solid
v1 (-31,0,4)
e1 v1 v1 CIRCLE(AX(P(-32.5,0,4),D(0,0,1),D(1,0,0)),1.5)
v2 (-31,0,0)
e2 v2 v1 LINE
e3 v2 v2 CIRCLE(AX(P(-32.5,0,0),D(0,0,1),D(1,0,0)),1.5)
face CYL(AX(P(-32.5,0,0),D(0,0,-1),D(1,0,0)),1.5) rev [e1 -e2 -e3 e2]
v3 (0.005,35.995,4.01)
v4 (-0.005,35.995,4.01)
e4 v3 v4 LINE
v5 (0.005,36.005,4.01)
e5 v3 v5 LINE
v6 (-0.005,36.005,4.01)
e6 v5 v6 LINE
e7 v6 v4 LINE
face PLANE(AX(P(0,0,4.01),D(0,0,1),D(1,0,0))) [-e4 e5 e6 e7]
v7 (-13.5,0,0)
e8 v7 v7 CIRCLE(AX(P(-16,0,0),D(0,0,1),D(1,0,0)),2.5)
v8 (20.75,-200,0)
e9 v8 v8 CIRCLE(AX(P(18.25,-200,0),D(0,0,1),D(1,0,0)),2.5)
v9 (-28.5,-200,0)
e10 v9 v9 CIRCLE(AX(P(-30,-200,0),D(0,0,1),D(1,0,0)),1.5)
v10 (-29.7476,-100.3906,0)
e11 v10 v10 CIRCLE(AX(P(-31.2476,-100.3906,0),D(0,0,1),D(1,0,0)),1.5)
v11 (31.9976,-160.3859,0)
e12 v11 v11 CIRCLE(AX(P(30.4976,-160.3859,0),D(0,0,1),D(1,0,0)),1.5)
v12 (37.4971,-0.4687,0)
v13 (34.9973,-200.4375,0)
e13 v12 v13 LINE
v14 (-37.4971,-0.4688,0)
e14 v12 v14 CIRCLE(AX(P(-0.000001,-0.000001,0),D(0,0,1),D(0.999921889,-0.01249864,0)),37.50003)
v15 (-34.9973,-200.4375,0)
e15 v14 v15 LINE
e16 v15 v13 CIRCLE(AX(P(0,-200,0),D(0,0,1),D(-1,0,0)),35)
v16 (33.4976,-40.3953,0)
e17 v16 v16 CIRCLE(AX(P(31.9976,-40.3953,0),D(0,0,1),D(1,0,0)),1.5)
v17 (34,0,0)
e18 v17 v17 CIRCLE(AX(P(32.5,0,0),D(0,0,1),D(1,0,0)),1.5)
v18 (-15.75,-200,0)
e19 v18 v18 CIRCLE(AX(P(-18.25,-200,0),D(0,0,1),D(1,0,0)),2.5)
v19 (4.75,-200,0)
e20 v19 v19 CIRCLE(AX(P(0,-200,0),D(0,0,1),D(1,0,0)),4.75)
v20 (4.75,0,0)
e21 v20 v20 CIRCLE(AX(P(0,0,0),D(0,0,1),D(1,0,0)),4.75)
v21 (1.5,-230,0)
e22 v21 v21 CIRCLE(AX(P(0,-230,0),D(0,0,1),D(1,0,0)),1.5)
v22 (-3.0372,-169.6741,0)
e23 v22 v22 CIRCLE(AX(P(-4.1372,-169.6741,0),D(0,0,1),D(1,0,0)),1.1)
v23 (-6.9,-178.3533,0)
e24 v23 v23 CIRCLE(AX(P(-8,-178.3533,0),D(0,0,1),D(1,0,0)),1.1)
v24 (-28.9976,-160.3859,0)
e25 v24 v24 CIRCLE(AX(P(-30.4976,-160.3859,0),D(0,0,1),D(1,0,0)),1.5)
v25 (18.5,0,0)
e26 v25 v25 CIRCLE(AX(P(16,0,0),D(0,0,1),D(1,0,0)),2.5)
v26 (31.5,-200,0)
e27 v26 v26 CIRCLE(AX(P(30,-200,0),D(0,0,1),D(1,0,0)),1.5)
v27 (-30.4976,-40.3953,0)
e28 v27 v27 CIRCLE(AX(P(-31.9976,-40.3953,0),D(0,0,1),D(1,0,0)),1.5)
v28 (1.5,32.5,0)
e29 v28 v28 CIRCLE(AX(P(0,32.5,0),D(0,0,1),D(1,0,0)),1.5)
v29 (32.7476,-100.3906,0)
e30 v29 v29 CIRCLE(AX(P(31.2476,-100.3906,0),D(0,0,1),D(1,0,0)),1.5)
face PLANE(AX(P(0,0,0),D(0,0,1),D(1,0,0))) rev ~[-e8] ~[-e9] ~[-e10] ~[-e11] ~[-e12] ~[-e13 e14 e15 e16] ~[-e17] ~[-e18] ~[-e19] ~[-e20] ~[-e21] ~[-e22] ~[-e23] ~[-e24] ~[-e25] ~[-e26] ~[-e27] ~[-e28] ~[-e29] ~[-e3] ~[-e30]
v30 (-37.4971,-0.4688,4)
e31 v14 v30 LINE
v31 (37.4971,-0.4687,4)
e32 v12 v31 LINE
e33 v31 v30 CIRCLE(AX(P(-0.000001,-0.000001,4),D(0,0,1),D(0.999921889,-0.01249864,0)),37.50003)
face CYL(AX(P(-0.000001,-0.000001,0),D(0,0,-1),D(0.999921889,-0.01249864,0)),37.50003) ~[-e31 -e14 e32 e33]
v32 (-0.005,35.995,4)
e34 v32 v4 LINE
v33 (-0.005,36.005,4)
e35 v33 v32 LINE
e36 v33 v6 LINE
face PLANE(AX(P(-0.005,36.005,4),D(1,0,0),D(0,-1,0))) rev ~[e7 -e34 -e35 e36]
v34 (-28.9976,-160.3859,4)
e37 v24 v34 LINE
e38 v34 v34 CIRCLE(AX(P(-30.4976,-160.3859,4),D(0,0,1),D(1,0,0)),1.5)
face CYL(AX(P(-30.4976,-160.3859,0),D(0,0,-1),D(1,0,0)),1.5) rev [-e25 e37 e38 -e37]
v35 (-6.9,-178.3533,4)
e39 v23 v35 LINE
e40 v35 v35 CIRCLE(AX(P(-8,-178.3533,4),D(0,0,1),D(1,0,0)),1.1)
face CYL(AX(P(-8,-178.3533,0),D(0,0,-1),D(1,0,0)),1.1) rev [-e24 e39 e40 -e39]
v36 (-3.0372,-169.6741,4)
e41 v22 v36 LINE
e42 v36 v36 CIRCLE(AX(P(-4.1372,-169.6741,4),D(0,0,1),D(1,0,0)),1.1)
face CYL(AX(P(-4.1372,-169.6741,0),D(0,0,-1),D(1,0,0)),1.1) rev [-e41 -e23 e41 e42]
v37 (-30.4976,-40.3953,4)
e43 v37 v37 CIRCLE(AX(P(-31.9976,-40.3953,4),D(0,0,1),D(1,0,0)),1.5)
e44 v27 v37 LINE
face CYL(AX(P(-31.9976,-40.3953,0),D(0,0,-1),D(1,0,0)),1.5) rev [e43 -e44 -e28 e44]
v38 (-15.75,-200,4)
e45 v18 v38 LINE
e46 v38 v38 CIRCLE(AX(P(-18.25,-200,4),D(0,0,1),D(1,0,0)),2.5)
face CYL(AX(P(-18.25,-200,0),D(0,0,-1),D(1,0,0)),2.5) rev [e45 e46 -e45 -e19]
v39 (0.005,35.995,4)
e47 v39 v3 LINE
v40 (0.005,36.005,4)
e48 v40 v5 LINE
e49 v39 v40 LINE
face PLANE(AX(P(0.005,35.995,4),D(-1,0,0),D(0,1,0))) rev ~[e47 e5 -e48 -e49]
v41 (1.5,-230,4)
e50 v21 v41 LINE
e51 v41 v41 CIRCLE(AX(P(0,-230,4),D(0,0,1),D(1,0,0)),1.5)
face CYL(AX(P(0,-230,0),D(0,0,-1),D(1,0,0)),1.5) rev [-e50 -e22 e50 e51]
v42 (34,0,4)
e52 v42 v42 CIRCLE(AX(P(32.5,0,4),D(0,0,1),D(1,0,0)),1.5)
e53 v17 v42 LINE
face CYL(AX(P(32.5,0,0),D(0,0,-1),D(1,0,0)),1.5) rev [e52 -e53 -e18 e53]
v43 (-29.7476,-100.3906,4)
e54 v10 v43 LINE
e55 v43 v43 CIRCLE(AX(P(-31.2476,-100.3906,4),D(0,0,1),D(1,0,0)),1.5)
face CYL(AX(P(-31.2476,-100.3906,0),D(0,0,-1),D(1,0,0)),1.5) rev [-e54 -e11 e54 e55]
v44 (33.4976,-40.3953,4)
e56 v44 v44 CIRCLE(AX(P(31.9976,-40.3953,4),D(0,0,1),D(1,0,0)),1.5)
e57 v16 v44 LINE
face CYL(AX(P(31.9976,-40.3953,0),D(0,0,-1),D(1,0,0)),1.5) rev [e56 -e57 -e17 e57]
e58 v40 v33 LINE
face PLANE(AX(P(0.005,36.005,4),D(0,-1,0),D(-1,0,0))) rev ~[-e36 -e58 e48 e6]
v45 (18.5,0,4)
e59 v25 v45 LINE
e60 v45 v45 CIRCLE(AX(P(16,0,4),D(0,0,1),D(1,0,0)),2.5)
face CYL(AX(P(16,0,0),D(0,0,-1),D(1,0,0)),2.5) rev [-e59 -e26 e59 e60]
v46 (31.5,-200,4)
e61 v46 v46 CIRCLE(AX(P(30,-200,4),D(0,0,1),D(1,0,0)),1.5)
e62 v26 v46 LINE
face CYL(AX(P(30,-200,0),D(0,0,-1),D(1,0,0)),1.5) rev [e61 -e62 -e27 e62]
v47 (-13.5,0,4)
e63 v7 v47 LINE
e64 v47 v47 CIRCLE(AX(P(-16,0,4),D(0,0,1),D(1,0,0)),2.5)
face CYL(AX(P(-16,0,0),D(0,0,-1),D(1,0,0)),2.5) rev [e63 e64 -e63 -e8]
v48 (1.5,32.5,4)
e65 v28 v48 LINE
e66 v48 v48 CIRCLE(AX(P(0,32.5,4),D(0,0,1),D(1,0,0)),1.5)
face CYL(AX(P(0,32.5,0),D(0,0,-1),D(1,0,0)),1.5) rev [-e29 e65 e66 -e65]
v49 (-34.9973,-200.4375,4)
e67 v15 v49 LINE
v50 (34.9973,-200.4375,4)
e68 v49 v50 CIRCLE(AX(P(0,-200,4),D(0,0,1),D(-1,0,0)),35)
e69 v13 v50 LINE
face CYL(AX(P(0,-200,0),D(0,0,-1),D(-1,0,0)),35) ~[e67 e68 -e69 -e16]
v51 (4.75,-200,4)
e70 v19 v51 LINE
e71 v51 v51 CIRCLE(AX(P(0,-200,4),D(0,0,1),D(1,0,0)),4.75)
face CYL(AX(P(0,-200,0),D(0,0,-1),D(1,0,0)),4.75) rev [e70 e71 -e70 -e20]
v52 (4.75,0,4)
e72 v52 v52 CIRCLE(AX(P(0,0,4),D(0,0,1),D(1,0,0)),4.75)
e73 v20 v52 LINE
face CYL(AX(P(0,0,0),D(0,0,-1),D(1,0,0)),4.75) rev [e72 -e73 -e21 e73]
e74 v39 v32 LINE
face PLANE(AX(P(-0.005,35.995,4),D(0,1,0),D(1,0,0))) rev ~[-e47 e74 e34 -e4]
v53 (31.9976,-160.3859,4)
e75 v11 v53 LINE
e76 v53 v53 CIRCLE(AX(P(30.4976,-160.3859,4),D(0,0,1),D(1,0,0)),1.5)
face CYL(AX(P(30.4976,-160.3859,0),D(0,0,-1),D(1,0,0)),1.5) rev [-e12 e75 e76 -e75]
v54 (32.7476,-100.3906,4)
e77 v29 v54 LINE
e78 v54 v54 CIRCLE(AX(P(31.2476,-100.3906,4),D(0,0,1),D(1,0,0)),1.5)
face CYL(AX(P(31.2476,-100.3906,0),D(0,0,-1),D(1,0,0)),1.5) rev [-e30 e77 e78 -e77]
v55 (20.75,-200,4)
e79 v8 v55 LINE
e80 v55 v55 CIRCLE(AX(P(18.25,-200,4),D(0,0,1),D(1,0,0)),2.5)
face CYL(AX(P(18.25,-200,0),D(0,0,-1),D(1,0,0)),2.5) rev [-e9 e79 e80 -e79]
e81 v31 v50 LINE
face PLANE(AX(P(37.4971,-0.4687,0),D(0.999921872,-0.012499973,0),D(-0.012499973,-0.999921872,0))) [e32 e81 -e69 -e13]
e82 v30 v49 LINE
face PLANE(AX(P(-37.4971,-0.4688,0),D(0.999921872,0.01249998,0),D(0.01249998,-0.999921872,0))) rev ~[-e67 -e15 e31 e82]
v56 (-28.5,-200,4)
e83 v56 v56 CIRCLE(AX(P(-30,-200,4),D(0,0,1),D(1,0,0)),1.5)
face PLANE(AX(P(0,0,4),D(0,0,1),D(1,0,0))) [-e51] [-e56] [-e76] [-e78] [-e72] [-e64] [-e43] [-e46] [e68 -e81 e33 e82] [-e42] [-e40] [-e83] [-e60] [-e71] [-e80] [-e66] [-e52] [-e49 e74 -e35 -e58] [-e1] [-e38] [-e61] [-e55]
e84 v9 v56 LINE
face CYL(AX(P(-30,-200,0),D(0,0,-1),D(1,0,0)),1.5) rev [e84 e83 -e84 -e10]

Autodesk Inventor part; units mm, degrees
ref_plane "YZ Plane" through (0, 0, 0) normal (1, 0, 0) x (0, 1, 0)
ref_plane "XZ Plane" through (0, 0, 0) normal (0, 1, 0) x (-1, 0, 0)
ref_plane "XY Plane" through (0, 0, 0) normal (0, 0, 1) x (1, 0, 0)
sketch "Sketch1" plane through (0, 0, 0) normal (0, 0, 1) x (1, 0, 0)
  arc A0 (37.4971, -0.4687) -> (-37.4971, -0.4688) centre (0, 0) ccw
  line L0 (0, 0) -> (0, -200) construction
  arc A1 (-35, -200) -> (35, -200) centre (0, -200) ccw
  circle A2 centre (0, -200) radius 4.75
  circle A3 centre (0, 0) radius 4.75
  line L1 (0, -200) -> (18.25, -200) construction
  circle A4 centre (18.25, -200) radius 2.5
  circle A5 centre (0, -200) radius 21 construction
  line L2 (0, -235) -> (0, -230) construction
  circle A6 centre (0, -230) radius 1.5
  line L3 (37.4971, -0.4687) -> (34.9973, -200.4375)
  line L4 (-37.4971, -0.4688) -> (-34.9973, -200.4375)
  line L5 (36.2472, -100.4531) -> (31.2476, -100.3906) construction
  line L6 (30.4976, -160.3859) -> (31.9976, -40.3953) construction
  circle A7 centre (31.9976, -40.3953) radius 1.5
  circle A8 centre (31.2476, -100.3906) radius 1.5
  circle A9 centre (30.4976, -160.3859) radius 1.5
  line L7 (37.5, 0) -> (32.5, 0) construction
  line L8 (0, 37.5) -> (0, 32.5) construction
  circle A10 centre (0, 32.5) radius 1.5
  circle A11 centre (32.5, 0) radius 1.5
  line L9 (35, -200) -> (30, -200) construction
  circle A12 centre (30, -200) radius 1.5
  circle A13 centre (-31.9976, -40.3953) radius 1.5
  circle A14 centre (-31.2476, -100.3906) radius 1.5
  circle A15 centre (-30.4976, -160.3859) radius 1.5
  circle A16 centre (-32.5, 0) radius 1.5
  line L10 (-35, -200) -> (-30, -200) construction
  circle A17 centre (-30, -200) radius 1.5
  line L11 (0, 0) -> (16, 0) construction
  circle A18 centre (16, 0) radius 2.5
  line L12 (0, -200) -> (-18.25, -200) construction
  circle A19 centre (-18.25, -200) radius 2.5
  line L13 (0, 0) -> (-16, 0) construction
  circle A20 centre (-16, 0) radius 2.5
  line L14 (0, -200) -> (0, -60.58) construction
  line L15 (0, -200) -> (47.7906, -152.2094) construction
  line L16 (0, -200) -> (0, -182) construction
  circle A21 centre (-8, -178.3533) radius 1.1
  circle A22 centre (-4.1372, -169.6741) radius 1.1
  dimension "D_Junta2" = 75
  dimension "L_Elo" = 200
  dimension "D_Junta3" = 70
  dimension "Veio" = 9.5
  dimension "d4" = 9.5
  dimension "d5" = 18.25
  dimension "d6" = 5
  dimension "D_P" = 42
  dimension "LF" = 5
  dimension "D_Sup" = 3
  dimension "d10" = 5
  dimension "d12" = 120
  dimension "d13" = 3
  dimension "d14" = 3
  dimension "d15" = 3
  dimension "d16" = 5
  dimension "d17" = 5
  dimension "d18" = 3
  dimension "d19" = 3
  dimension "d20" = 5
  dimension "d21" = 3
  dimension "d22" = 16
  dimension "d23" = 5
  dimension "d26" = 139.42
  dimension "d33" = 135
  dimension "d34" = 18
  dimension "d35" = 2.2
  dimension "d36" = 2.2
  dimension "d37" = 9.5
  dimension "d41" = 8
  dimension "d42" = 4.1372
  dimension "d43" = 21.6467
extrude "Extrusion1" add sketch "Sketch1" along normal blind 4 contours L3 A1 L4 A0 | A21 | A22
sketch "Sketch2" plane through (0, 0, 4) normal (0, 0, 1) x (1, 0, 0)
  line L0 (0, 0) -> (0, 36)
  line L1 (-0.005, 35.995) -> (0.005, 35.995)
  line L2 (0.005, 35.995) -> (0.005, 36.005)
  line L3 (0.005, 36.005) -> (-0.005, 36.005)
  line L4 (-0.005, 36.005) -> (-0.005, 35.995)
  line L5 (-0.005, 35.995) -> (0.005, 36.005) construction
  line L6 (0.005, 35.995) -> (-0.005, 36.005) construction
  dimension "d28" = 36
  dimension "d29" = 0.01
  dimension "d30" = 0.01
extrude "Extrusion2" add sketch "Sketch2" along normal blind 0.01
extrude "Extrusion3" cut sketch "Sketch1" along normal up to surface (4 mm away) contours A21 | A22
equation "\"d4\" = Veio"
equation "\"d10\" = LF"
equation "\"d13\" = D_Sup"
equation "\"d14\" = D_Sup"
equation "\"d15\" = D_Sup"
equation "\"d16\" = LF"
equation "\"d17\" = LF"
equation "\"d18\" = D_Sup"
equation "\"d19\" = D_Sup"
equation "\"d20\" = LF"
equation "\"d21\" = D_Sup"
properties part number "4ELO"
